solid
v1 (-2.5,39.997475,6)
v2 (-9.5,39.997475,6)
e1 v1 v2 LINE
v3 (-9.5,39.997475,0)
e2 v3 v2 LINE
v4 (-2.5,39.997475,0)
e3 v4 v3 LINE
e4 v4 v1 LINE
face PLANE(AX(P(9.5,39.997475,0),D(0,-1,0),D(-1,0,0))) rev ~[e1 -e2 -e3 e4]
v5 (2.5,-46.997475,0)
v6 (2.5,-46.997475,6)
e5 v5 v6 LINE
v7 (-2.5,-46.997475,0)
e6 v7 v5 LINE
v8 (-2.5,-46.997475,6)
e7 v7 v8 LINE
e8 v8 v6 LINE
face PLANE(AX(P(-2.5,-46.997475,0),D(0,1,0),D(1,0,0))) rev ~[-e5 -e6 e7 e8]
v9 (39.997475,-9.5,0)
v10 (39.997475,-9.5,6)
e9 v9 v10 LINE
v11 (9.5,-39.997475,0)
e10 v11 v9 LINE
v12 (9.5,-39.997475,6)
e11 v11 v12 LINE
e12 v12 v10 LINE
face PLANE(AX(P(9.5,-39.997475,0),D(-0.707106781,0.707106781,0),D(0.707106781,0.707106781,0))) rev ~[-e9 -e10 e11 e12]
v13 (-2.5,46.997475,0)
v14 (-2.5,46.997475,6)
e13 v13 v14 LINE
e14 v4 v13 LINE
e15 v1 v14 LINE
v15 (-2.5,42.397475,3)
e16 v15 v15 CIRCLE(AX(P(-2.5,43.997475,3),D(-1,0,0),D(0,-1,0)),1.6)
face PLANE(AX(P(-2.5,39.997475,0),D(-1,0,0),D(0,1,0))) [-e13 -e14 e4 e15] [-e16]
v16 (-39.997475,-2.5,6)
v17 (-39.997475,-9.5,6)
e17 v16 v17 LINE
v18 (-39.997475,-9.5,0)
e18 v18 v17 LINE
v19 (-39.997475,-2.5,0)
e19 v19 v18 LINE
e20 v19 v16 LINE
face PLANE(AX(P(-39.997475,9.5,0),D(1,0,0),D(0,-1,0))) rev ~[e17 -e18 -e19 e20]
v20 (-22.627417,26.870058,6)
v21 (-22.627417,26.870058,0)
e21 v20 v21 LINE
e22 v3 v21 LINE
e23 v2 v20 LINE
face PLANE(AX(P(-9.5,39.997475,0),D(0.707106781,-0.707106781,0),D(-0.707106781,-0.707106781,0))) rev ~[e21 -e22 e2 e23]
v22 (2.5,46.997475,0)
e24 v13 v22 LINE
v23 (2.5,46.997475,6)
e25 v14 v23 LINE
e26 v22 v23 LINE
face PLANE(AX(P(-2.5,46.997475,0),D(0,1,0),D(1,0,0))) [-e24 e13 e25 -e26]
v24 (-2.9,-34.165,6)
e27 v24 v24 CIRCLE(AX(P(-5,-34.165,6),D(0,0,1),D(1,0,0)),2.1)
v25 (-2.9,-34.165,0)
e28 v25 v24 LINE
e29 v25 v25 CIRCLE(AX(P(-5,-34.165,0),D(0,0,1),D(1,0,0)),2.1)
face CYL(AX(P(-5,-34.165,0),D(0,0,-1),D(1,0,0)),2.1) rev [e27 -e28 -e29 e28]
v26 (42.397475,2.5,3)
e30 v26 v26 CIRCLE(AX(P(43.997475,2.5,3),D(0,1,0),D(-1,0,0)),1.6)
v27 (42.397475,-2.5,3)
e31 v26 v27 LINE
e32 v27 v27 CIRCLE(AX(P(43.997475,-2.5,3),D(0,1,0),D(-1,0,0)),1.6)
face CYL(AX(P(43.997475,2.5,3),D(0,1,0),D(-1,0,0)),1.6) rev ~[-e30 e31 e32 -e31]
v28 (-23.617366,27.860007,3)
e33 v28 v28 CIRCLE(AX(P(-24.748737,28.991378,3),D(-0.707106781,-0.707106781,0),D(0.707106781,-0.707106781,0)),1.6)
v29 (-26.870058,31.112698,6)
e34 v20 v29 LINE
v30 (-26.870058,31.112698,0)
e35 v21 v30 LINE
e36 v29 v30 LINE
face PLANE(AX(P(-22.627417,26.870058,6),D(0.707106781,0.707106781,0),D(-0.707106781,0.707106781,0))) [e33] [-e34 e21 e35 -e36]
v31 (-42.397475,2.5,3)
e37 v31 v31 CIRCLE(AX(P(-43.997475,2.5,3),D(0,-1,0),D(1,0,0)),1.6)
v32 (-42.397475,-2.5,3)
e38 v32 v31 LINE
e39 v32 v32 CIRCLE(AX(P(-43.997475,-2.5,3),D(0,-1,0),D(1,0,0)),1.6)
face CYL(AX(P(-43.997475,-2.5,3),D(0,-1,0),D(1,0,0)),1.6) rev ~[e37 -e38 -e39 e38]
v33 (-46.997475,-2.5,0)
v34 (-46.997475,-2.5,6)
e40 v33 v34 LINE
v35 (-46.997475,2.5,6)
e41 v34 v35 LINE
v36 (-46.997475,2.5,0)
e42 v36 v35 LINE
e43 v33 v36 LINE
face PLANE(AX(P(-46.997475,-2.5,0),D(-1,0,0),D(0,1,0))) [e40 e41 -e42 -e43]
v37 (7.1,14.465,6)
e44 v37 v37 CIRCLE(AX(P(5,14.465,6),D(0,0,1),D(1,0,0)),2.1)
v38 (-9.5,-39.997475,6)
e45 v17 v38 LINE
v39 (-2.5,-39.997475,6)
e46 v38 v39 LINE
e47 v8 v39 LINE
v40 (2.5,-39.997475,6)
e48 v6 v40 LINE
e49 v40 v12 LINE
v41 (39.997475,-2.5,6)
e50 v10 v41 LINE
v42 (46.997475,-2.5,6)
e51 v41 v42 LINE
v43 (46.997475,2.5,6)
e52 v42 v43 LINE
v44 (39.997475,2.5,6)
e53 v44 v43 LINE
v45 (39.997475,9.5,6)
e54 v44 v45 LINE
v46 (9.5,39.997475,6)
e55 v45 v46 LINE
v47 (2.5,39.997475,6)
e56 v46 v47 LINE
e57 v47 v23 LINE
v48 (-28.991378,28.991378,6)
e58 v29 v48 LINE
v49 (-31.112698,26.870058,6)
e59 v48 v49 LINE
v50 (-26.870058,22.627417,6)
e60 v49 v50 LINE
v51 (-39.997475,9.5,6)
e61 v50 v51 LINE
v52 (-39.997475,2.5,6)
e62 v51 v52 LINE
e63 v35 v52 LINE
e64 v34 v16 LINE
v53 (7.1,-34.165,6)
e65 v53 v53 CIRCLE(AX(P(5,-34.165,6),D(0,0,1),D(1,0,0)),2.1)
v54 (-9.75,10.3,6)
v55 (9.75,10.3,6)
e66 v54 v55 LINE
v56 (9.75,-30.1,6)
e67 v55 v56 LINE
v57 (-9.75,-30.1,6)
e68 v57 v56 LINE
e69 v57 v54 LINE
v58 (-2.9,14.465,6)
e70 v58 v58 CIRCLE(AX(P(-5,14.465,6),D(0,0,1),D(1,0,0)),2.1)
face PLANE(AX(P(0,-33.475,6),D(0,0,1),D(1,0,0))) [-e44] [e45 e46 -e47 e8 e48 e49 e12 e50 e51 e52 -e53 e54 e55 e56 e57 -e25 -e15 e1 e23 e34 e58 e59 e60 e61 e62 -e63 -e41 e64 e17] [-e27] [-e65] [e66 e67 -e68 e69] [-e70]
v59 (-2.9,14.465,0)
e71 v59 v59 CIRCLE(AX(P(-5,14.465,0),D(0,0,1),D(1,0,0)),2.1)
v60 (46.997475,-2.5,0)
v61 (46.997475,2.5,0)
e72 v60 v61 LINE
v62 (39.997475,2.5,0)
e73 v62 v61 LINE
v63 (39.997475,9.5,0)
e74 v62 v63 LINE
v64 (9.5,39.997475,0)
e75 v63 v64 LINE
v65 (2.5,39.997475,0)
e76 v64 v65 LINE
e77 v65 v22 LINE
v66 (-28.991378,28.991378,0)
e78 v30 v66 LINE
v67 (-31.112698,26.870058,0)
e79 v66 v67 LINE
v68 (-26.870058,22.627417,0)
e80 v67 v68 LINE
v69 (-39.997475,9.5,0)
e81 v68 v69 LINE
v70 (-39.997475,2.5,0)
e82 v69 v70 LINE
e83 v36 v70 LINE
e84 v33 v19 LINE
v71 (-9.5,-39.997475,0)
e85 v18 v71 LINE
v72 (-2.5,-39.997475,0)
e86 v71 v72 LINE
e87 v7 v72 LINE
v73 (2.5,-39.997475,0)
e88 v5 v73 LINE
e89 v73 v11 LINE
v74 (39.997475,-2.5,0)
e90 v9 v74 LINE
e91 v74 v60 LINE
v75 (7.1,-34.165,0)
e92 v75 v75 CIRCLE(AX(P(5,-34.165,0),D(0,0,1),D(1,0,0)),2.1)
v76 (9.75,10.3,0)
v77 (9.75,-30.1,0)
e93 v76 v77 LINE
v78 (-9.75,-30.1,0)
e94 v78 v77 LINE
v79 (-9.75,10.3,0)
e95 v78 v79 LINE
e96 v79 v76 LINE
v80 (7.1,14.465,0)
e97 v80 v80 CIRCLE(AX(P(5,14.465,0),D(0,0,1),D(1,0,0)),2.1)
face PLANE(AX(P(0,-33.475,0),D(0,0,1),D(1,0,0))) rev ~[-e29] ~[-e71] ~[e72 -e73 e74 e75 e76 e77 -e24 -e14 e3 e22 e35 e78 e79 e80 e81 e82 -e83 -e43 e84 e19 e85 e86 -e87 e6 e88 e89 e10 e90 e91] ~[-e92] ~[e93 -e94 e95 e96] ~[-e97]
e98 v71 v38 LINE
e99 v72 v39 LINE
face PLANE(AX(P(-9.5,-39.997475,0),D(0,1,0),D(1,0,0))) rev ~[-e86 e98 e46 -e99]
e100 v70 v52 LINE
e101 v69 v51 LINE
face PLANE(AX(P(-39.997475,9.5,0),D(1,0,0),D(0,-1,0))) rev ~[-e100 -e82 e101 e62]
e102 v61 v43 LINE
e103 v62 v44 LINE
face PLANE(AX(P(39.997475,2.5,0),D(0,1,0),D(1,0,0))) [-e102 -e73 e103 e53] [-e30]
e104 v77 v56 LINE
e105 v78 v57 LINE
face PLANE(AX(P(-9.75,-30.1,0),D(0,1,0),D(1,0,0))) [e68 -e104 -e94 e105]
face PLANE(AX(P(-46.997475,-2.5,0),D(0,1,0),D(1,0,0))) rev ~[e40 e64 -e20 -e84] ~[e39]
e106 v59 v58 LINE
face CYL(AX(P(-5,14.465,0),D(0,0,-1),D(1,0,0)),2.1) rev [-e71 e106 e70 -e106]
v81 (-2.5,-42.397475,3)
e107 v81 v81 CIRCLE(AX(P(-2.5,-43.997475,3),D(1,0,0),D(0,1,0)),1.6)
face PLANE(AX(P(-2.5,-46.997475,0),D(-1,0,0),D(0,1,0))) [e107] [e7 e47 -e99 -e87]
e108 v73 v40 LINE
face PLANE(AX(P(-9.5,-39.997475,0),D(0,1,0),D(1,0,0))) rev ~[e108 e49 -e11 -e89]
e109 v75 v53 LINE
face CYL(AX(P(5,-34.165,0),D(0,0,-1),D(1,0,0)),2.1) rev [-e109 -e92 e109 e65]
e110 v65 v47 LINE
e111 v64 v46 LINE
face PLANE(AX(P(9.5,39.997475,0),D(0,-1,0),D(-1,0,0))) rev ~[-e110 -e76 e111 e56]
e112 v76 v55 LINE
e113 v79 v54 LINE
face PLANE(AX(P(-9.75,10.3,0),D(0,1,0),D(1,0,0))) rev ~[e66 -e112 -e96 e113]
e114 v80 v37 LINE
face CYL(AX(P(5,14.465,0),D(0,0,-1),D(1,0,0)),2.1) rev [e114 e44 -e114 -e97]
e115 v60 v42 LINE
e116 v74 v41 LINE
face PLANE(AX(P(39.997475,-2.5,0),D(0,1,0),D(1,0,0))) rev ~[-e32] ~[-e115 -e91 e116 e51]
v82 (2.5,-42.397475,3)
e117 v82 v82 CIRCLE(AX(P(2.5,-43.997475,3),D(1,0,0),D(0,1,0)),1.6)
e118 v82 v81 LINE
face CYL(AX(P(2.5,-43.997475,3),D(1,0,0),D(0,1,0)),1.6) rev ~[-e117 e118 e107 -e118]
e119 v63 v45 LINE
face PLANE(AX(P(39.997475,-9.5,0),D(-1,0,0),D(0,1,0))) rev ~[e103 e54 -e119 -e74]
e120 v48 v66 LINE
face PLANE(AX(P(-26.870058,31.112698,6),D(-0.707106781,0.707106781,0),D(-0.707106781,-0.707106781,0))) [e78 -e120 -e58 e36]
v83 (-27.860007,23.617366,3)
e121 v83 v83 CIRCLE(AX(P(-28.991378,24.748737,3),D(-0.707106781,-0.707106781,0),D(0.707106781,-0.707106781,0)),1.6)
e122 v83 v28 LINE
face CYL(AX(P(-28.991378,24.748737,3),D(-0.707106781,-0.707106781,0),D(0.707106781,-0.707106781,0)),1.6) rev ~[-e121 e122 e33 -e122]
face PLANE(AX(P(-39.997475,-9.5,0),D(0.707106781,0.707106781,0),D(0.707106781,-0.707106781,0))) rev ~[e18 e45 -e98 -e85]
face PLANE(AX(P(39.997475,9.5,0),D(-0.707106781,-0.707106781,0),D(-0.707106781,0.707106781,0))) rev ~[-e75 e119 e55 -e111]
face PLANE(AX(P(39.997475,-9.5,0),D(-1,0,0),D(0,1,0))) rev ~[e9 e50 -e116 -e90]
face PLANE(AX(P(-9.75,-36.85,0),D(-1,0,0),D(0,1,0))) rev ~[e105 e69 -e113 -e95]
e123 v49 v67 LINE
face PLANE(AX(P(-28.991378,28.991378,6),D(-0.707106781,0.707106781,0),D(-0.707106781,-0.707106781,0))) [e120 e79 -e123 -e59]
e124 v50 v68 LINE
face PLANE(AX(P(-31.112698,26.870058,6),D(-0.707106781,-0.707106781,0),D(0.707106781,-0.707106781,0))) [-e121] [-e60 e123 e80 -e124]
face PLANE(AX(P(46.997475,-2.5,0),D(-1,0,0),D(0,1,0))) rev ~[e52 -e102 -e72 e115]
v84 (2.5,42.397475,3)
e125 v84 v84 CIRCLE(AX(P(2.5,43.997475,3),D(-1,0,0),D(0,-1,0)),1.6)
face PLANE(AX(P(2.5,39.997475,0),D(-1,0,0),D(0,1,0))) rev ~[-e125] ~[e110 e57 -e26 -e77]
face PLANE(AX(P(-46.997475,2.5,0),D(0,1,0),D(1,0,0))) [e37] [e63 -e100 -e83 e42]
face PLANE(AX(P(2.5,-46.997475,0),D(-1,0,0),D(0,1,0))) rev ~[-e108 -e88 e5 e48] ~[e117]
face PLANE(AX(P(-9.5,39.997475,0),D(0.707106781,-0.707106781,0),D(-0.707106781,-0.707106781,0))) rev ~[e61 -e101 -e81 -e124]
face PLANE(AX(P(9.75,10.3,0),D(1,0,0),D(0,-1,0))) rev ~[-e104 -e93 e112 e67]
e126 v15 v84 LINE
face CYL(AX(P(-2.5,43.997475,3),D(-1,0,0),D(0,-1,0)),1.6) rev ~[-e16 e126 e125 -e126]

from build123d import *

# Parameters (mm, degrees)
SKETCH_1_R          = 2.1
SKETCH_1_W          = 5
SKETCH_1_H          = 7
SKETCH_1_W_2        = 7
SKETCH_1_H_2        = 5
SKETCH_1_W_3        = 19.5
SKETCH_1_H_3        = 6.75
EXTRUDE_2_DEPTH     = 6
SKETCH_2_R          = 1.6
CUT_EXTRUDE_1_DEPTH = 5
SKETCH_3_R          = 1.6
CUT_EXTRUDE_2_DEPTH = 5
SKETCH_4_R          = 1.6
CUT_EXTRUDE_3_DEPTH = 5
SKETCH_5_R          = 1.6
CUT_EXTRUDE_4_DEPTH = 5
EXTRUDE_3_DEPTH     = 6
SKETCH_7_R          = 1.6
CUT_EXTRUDE_5_DEPTH = 6


with BuildPart() as part:
    # 草图1 → 凸台-拉伸2 (new body)
    # profile 1 of 6: a face of its own
    with BuildSketch(Plane.XY):
        Polygon((-9.5, 39.997474683), (-39.997474683, 9.5), (-39.997474683, 2.5), (-39.997474683, -2.5), (-39.997474683, -9.5), (-9.5, -39.997474683), (-2.5, -39.997474683), (2.5, -39.997474683), (9.5, -39.997474683), (39.997474683, -9.5), (39.997474683, -2.5), (39.997474683, 2.5), (39.997474683, 9.5), (9.5, 39.997474683), (2.5, 39.997474683), (-2.5, 39.997474683), align=None)
        Polygon((-9.75, -30.1), (-9.75, 10.3), (9.75, 10.3), (9.75, -30.1), (9.75, -36.85), (-9.75, -36.85), align=None, mode=Mode.SUBTRACT)
        with Locations((-5, 14.465)):
            Circle(SKETCH_1_R, mode=Mode.SUBTRACT)
        with Locations((5, 14.465)):
            Circle(SKETCH_1_R, mode=Mode.SUBTRACT)
    # profile 2 of 6: a face of its own
    with BuildSketch(Plane.XY):
        with Locations((0, 43.497474683)):
            Rectangle(SKETCH_1_W, SKETCH_1_H)
    # profile 3 of 6: a face of its own
    with BuildSketch(Plane.XY):
        with Locations((-43.497474683, 0)):
            Rectangle(SKETCH_1_W_2, SKETCH_1_H_2)
    # profile 4 of 6: a face of its own
    with BuildSketch(Plane.XY):
        with Locations((0, -43.497474683)):
            Rectangle(SKETCH_1_W, SKETCH_1_H)
    # profile 5 of 6: a face of its own
    with BuildSketch(Plane.XY):
        with Locations((43.497474683, 0)):
            Rectangle(SKETCH_1_W_2, SKETCH_1_H_2)
    # profile 6 of 6: a face of its own
    with BuildSketch(Plane.XY):
        with Locations((0, -33.475)):
            Rectangle(SKETCH_1_W_3, SKETCH_1_H_3)
        with Locations((5, -34.165)):
            Circle(SKETCH_1_R, mode=Mode.SUBTRACT)
        with Locations((-5, -34.165)):
            Circle(SKETCH_1_R, mode=Mode.SUBTRACT)
    extrude(amount=EXTRUDE_2_DEPTH)

    # 草图2 → 切除-拉伸1 (cut)
    with BuildSketch(Plane.XZ.offset(2.5)):
        with Locations((-43.997474683, 3)):
            Circle(SKETCH_2_R)
    extrude(amount=-CUT_EXTRUDE_1_DEPTH, mode=Mode.SUBTRACT)

    # 草图3 → 切除-拉伸2 (cut)
    with BuildSketch(Plane(origin=(2.5, 0, 0), x_dir=(0, 0, -1), z_dir=(1, 0, 0))):
        with Locations(Location((-3, -43.997474683, 0), (0, 0, 90))):
            Circle(SKETCH_3_R)
    extrude(amount=-CUT_EXTRUDE_2_DEPTH, mode=Mode.SUBTRACT)

    # 草图4 → 切除-拉伸3 (cut)
    with BuildSketch(Plane(origin=(0, 2.5, 0), x_dir=(1, 0, 0), z_dir=(0, 1, 0))):
        with Locations(Location((43.997474683, -3, 0), (0, 0, 180))):
            Circle(SKETCH_4_R)
    extrude(amount=-CUT_EXTRUDE_3_DEPTH, mode=Mode.SUBTRACT)

    # 草图5 → 切除-拉伸4 (cut)
    with BuildSketch(Plane.ZY.offset(2.5)):
        with Locations(Location((3, 43.997474683, 0), (0, 0, 270))):
            Circle(SKETCH_5_R)
    extrude(amount=-CUT_EXTRUDE_4_DEPTH, mode=Mode.SUBTRACT)

    # 草图6 → 凸台-拉伸3 (add)
    with BuildSketch(Plane.XY.offset(6)):
        Polygon((-26.870057685, 22.627416998), (-24.748737342, 24.748737342), (-28.991378029, 28.991378029), (-31.112698372, 26.870057685), align=None)
        Polygon((-24.748737342, 24.748737342), (-22.627416998, 26.870057685), (-26.870057685, 31.112698372), (-28.991378029, 28.991378029), align=None)
    extrude(amount=-EXTRUDE_3_DEPTH)

    # 草图7 → 切除-拉伸5 (cut)
    with BuildSketch(Plane(origin=(-2.121320344, -2.121320344, 0), x_dir=(0, 0, 1), z_dir=(-0.7071067811865471, -0.7071067811865479, 0))):
        with Locations(Location((3, 38, 0), (0, 0, 270))):
            Circle(SKETCH_7_R)
    extrude(amount=-CUT_EXTRUDE_5_DEPTH, mode=Mode.SUBTRACT)


solid = part.part
